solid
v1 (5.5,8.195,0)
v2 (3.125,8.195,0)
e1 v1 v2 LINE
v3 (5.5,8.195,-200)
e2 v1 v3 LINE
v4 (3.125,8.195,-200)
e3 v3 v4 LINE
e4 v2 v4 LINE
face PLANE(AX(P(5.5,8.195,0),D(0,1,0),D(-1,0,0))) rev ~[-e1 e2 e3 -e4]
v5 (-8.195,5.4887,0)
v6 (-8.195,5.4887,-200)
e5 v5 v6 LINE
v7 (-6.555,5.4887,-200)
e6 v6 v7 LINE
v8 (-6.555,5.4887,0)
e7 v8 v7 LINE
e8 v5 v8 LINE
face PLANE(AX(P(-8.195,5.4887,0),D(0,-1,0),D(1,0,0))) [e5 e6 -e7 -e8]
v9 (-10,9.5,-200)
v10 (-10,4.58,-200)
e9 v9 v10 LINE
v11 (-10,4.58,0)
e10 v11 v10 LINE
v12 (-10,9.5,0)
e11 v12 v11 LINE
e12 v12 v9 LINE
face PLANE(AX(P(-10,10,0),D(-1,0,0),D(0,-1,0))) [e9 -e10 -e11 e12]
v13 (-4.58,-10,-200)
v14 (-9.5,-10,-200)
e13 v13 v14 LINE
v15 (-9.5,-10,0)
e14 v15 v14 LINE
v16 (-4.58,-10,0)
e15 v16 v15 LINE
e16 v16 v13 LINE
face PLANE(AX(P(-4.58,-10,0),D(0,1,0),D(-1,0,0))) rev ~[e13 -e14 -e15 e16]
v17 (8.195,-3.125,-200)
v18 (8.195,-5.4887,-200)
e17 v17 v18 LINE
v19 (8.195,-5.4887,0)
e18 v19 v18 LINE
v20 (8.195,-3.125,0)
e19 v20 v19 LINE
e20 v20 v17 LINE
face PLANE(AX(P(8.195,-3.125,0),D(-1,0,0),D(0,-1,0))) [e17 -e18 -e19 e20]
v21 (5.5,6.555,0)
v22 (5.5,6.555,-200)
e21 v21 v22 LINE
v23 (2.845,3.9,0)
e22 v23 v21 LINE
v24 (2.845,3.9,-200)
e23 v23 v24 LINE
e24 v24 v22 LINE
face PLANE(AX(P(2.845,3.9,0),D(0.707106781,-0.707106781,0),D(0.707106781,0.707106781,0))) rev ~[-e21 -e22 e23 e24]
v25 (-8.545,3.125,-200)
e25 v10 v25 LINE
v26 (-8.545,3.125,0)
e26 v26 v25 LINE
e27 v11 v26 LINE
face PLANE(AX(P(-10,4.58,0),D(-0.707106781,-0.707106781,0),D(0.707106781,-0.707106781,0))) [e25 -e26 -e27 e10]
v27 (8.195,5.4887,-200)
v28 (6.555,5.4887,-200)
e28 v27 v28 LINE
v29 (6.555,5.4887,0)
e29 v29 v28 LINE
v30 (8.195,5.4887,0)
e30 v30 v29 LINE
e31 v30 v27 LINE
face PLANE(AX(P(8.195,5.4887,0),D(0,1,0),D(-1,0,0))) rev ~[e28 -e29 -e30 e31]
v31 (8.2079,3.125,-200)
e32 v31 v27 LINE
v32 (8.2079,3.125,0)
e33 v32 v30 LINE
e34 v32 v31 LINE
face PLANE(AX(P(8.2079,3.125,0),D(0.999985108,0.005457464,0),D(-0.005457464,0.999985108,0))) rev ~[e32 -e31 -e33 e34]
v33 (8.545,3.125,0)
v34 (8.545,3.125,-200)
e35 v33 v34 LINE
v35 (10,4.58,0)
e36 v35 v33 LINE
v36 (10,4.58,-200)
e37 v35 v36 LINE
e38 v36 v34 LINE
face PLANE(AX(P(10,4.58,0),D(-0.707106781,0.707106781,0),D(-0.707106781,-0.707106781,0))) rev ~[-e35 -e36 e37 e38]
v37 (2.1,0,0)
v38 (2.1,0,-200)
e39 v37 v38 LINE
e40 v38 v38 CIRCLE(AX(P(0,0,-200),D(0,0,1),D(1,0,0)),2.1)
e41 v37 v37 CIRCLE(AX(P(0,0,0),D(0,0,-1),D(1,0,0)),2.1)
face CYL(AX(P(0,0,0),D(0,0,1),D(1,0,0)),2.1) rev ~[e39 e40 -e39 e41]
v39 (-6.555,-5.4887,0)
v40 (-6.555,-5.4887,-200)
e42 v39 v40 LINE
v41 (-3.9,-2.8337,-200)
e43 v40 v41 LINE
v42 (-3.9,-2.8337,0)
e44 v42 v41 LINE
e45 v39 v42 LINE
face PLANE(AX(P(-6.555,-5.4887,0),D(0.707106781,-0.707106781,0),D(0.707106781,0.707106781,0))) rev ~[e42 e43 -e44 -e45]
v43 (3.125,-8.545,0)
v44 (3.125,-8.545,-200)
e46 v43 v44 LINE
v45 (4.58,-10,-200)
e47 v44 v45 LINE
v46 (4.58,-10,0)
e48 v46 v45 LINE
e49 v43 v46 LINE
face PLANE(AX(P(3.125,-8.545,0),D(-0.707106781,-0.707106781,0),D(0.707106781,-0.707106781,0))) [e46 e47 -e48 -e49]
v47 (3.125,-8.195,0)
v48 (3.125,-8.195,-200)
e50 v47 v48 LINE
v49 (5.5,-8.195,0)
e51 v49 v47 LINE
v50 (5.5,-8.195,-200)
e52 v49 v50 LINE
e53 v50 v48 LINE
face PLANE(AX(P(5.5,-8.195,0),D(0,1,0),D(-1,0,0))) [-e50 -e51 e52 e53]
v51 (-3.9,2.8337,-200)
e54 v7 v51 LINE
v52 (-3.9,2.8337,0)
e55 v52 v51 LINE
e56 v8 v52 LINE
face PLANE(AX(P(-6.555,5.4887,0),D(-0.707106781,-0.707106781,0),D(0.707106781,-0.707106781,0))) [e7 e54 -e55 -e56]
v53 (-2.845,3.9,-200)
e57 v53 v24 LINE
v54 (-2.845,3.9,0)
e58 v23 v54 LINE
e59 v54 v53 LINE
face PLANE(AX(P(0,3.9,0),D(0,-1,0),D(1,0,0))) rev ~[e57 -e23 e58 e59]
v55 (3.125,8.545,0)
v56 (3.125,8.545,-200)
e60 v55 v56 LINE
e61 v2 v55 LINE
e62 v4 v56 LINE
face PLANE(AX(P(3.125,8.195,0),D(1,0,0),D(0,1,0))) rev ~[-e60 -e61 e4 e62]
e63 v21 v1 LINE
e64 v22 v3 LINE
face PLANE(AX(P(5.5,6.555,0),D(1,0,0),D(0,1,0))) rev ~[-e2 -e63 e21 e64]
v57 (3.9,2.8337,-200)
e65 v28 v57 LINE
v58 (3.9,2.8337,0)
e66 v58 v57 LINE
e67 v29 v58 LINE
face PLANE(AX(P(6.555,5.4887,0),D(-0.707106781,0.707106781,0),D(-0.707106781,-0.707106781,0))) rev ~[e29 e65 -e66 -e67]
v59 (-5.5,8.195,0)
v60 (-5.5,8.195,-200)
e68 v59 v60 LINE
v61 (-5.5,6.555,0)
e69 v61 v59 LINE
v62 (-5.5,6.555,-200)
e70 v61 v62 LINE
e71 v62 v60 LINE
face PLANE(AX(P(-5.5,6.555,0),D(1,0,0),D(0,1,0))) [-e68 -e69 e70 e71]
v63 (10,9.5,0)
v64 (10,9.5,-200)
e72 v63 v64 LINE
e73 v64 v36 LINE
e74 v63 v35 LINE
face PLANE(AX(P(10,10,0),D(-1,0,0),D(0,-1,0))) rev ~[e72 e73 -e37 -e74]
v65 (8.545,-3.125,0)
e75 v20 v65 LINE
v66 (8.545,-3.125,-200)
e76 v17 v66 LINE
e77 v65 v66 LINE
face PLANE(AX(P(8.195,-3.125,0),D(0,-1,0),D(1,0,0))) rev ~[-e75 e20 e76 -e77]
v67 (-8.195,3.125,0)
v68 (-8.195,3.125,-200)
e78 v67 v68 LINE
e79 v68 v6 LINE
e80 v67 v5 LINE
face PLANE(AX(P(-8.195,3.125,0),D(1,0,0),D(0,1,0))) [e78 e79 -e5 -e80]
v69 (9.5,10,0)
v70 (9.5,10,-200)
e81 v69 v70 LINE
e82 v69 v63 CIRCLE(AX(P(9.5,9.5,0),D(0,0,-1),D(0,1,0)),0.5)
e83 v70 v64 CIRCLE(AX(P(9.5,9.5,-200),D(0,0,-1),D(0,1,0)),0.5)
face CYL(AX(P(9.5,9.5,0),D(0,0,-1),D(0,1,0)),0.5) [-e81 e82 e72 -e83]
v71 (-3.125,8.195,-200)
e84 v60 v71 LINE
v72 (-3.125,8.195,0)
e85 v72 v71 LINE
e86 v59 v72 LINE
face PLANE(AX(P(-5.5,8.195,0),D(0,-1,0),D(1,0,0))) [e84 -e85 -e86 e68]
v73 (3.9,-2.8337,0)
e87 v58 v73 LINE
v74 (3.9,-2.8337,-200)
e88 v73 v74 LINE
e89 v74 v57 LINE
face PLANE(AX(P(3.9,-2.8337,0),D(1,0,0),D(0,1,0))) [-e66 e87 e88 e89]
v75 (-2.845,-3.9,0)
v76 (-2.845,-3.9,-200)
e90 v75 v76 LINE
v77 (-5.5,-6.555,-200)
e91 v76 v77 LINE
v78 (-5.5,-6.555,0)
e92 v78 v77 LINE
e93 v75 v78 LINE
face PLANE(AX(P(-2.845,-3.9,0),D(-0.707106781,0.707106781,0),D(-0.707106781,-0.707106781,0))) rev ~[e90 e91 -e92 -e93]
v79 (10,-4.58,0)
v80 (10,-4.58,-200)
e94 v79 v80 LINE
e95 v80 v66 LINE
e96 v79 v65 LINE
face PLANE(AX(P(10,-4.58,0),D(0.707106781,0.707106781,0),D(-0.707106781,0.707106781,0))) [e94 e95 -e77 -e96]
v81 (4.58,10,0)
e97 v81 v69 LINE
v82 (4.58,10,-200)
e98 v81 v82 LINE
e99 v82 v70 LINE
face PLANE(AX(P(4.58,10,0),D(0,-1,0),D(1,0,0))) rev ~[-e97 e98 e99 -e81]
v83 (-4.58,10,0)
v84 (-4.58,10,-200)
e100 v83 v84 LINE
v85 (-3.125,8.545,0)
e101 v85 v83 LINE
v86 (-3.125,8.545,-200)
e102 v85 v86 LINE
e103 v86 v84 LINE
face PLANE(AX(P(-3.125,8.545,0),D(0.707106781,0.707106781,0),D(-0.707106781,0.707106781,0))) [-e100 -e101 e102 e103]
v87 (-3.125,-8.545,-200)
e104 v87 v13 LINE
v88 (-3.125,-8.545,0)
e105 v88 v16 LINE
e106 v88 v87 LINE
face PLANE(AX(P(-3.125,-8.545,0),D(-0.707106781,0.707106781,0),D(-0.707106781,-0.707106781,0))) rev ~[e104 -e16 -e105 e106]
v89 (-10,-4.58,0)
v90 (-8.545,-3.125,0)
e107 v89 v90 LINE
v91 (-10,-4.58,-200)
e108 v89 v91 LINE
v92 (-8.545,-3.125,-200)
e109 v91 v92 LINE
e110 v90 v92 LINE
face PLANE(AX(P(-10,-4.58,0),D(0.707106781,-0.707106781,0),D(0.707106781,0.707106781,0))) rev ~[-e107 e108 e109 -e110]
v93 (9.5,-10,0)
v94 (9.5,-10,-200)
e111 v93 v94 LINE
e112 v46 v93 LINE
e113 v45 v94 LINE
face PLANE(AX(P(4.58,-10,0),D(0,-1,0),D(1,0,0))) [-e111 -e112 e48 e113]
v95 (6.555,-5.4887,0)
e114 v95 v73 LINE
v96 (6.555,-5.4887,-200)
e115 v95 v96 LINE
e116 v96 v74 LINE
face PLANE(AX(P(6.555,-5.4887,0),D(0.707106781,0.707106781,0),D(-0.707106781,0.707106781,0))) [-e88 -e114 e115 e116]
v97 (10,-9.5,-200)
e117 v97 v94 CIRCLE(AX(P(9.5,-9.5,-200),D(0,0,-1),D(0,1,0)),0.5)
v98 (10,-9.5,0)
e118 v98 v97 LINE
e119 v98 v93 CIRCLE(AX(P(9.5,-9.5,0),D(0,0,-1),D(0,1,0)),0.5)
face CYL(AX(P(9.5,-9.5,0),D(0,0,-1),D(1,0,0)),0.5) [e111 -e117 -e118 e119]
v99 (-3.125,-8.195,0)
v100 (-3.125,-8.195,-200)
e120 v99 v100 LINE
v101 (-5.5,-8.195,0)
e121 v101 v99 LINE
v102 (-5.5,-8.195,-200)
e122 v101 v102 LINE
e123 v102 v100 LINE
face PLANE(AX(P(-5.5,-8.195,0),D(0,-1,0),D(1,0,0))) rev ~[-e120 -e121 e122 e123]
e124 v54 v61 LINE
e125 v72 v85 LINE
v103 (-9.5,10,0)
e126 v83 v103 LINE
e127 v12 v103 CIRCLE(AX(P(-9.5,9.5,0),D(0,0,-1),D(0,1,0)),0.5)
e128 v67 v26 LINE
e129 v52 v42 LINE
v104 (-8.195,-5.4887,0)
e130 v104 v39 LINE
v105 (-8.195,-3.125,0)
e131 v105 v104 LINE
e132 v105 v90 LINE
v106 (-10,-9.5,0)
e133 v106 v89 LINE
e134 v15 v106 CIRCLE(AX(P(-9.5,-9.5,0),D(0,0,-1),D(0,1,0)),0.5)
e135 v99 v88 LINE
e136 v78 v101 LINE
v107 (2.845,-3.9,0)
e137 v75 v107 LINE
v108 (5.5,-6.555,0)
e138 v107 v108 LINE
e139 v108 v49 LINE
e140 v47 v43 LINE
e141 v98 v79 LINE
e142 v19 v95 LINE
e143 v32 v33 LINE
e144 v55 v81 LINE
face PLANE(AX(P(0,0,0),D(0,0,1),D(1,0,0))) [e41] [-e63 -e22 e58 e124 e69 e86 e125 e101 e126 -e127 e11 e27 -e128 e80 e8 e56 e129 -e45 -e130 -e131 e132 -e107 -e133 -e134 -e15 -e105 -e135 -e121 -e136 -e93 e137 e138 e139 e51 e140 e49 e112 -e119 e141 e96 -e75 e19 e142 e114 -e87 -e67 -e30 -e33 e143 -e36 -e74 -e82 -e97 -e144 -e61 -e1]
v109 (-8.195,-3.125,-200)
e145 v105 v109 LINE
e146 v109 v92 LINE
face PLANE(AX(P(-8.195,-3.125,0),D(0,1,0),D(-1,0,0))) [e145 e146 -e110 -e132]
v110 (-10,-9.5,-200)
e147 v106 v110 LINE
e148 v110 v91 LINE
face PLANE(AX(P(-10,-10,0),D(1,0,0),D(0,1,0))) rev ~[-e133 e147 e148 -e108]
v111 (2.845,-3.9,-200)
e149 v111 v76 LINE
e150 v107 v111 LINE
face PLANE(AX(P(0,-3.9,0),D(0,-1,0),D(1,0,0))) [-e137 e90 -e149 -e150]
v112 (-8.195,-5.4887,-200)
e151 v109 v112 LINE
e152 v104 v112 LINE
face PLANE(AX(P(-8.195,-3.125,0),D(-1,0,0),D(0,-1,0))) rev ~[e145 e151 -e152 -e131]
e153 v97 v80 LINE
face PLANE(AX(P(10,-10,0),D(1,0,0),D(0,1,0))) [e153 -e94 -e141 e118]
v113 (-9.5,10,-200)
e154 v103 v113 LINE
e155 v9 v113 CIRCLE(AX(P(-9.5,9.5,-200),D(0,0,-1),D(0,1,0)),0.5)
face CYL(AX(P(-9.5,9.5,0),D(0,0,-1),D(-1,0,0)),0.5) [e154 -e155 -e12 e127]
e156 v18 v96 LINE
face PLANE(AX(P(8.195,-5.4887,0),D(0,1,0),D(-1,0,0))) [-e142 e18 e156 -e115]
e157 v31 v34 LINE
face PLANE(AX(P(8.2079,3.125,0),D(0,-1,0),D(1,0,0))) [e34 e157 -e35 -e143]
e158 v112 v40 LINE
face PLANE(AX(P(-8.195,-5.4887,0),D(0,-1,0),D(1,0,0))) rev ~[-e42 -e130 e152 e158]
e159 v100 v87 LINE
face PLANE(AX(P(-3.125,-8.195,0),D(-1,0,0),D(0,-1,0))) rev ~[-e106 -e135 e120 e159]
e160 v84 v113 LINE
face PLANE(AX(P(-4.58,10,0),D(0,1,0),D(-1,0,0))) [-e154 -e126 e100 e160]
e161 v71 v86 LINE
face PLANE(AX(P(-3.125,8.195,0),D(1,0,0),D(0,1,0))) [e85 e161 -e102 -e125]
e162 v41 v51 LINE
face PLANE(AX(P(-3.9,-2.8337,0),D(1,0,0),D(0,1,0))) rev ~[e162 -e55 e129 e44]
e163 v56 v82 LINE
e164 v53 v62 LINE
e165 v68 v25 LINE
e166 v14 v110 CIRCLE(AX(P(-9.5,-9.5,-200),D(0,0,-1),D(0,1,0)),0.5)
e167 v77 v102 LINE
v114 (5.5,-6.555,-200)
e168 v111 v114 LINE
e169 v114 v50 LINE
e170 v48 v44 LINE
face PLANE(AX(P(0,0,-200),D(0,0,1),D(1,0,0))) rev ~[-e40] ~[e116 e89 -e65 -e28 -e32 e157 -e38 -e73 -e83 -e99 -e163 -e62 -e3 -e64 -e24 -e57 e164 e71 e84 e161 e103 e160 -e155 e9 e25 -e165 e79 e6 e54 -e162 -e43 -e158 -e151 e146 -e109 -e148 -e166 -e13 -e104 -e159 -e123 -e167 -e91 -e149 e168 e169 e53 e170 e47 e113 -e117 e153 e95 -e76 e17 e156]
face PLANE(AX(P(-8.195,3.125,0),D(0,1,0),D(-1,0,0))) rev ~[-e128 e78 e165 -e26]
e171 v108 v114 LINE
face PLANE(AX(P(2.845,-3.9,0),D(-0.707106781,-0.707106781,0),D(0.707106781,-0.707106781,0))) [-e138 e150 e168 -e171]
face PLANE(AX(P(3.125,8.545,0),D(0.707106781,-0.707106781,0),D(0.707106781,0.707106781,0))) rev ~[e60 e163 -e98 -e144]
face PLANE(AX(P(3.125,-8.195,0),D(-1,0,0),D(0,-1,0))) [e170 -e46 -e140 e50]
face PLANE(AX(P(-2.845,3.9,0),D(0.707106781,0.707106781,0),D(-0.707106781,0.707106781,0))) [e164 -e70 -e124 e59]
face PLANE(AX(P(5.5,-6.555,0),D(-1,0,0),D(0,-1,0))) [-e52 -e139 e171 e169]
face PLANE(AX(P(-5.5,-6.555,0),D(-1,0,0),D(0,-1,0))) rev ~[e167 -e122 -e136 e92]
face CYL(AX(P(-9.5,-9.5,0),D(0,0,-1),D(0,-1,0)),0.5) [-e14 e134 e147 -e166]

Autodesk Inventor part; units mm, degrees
ref_plane "YZ Plane" through (0, 0, 0) normal (1, 0, 0) x (0, 1, 0)
ref_plane "XZ Plane" through (0, 0, 0) normal (0, 1, 0) x (-1, 0, 0)
ref_plane "XY Plane" through (0, 0, 0) normal (0, 0, 1) x (1, 0, 0)
sketch "Boceto1" plane through (0, 0, 0) normal (0, 0, 1) x (1, 0, 0)
  circle A0 centre (0, 0) radius 2.1
  line L0 (-12, 0) -> (12, 0)
  line L1 (0, 12) -> (0, -12)
  line L2 (0, 3.9) -> (-2.845, 3.9)
  line L3 (-2.845, 3.9) -> (-5.5, 6.555)
  line L4 (-5.5, 6.555) -> (-5.5, 8.195)
  line L5 (-5.5, 8.195) -> (-3.125, 8.195)
  line L6 (-3.125, 8.545) -> (-4.58, 10)
  line L7 (-4.58, 10) -> (-10, 10)
  line L8 (-10, 10) -> (-10, 4.58)
  line L9 (-10, 4.58) -> (-8.545, 3.125)
  line L10 (-8.195, 3.125) -> (-8.195, 5.4887)
  line L11 (-8.195, 5.4887) -> (-6.555, 5.4887)
  line L12 (-6.555, 5.4887) -> (-3.9, 2.8337)
  line L13 (-3.9, 2.8337) -> (-3.9, 0)
  line L14 (0, 3.9) -> (2.845, 3.9)
  line L15 (2.845, 3.9) -> (5.5, 6.555)
  line L16 (5.5, 6.555) -> (5.5, 8.195)
  line L17 (5.5, 8.195) -> (3.125, 8.195)
  line L18 (3.125, 8.545) -> (4.58, 10)
  line L19 (4.58, 10) -> (10, 10)
  line L20 (10, 10) -> (10, 4.58)
  line L21 (10, 4.58) -> (8.545, 3.125)
  line L22 (8.2079, 3.125) -> (8.195, 5.4887)
  line L23 (8.195, 5.4887) -> (6.555, 5.4887)
  line L24 (6.555, 5.4887) -> (3.9, 2.8337)
  line L25 (3.9, 2.8337) -> (3.9, 0)
  line L26 (0, -3.9) -> (-2.845, -3.9)
  line L27 (-2.845, -3.9) -> (-5.5, -6.555)
  line L28 (-5.5, -6.555) -> (-5.5, -8.195)
  line L29 (-5.5, -8.195) -> (-3.125, -8.195)
  line L30 (-3.125, -8.545) -> (-4.58, -10)
  line L31 (-4.58, -10) -> (-10, -10)
  line L32 (-10, -10) -> (-10, -4.58)
  line L33 (-10, -4.58) -> (-8.545, -3.125)
  line L34 (-8.195, -3.125) -> (-8.195, -5.4887)
  line L35 (-8.195, -5.4887) -> (-6.555, -5.4887)
  line L36 (-6.555, -5.4887) -> (-3.9, -2.8337)
  line L37 (-3.9, -2.8337) -> (-3.9, 0)
  line L38 (10, -10) -> (10, -4.58)
  line L39 (4.58, -10) -> (10, -10)
  line L40 (3.125, -8.545) -> (4.58, -10)
  line L41 (5.5, -8.195) -> (3.125, -8.195)
  line L42 (5.5, -6.555) -> (5.5, -8.195)
  line L43 (2.845, -3.9) -> (5.5, -6.555)
  line L44 (0, -3.9) -> (2.845, -3.9)
  line L45 (3.9, -2.8337) -> (3.9, 0)
  line L46 (6.555, -5.4887) -> (3.9, -2.8337)
  line L47 (8.195, -5.4887) -> (6.555, -5.4887)
  line L48 (8.195, -3.125) -> (8.195, -5.4887)
  line L49 (10, -4.58) -> (8.545, -3.125)
  line L50 (-3.125, 8.195) -> (-3.125, 8.545)
  line L51 (-8.195, 3.125) -> (-8.545, 3.125)
  line L52 (3.125, 8.195) -> (3.125, 8.545)
  line L53 (8.195, 3.125) -> (8.545, 3.125)
  line L54 (-3.125, -8.195) -> (-3.125, -8.545)
  line L55 (-8.195, -3.125) -> (-8.545, -3.125)
  line L56 (3.125, -8.195) -> (3.125, -8.545)
  line L57 (8.195, -3.125) -> (8.545, -3.125)
  dimension "d0" = 4.2
  dimension "d1" = 24
  dimension "d2" = 24
  dimension "d3" = 90
  dimension "d5" = 20
  dimension "d11" = 90
  dimension "d18" = 20
  dimension "d29" = 1.5
  dimension "d30" = 1.64
  dimension "d37" = 1.64
  dimension "d42" = 7.8
  dimension "d44" = 11
  dimension "d45" = 9.16
  dimension "d46" = 9.16
  dimension "d47" = 6.25
  dimension "d48" = 6.25
  dimension "d49" = 0.35
  dimension "d51" = 7.8
  dimension "d52" = 0.35
  dimension "d53" = 1.8
extrude "Extrusión1" add sketch "Boceto1" against normal blind 200 contours L0 L45 L46 L47 L48 L57 L49 L38 L39 L40 L56 L41 L42 L43 L44 L1 A0 | A0 L1 L14 L15 L16 L17 L52 L18 L19 L20 L21 L53 L22 L23 L24 L25 L0 | A0 L0 L13 L12 L11 L10 L51 L9 L8 L7 L6 L50 L5 L4 L3 L2 L1 | L1 L26 L27 L28 L29 L54 L30 L31 L32 L33 L55 L34 L35 L36 L37 L0 A0
fillet "Empalme1" radius 0.5 4 edges at (10, 10, -100) (-10, 10, -100) (10, -10, -100) (-10, -10, -100)
properties part number "Perfil2020" material "Aluminio 6061"
